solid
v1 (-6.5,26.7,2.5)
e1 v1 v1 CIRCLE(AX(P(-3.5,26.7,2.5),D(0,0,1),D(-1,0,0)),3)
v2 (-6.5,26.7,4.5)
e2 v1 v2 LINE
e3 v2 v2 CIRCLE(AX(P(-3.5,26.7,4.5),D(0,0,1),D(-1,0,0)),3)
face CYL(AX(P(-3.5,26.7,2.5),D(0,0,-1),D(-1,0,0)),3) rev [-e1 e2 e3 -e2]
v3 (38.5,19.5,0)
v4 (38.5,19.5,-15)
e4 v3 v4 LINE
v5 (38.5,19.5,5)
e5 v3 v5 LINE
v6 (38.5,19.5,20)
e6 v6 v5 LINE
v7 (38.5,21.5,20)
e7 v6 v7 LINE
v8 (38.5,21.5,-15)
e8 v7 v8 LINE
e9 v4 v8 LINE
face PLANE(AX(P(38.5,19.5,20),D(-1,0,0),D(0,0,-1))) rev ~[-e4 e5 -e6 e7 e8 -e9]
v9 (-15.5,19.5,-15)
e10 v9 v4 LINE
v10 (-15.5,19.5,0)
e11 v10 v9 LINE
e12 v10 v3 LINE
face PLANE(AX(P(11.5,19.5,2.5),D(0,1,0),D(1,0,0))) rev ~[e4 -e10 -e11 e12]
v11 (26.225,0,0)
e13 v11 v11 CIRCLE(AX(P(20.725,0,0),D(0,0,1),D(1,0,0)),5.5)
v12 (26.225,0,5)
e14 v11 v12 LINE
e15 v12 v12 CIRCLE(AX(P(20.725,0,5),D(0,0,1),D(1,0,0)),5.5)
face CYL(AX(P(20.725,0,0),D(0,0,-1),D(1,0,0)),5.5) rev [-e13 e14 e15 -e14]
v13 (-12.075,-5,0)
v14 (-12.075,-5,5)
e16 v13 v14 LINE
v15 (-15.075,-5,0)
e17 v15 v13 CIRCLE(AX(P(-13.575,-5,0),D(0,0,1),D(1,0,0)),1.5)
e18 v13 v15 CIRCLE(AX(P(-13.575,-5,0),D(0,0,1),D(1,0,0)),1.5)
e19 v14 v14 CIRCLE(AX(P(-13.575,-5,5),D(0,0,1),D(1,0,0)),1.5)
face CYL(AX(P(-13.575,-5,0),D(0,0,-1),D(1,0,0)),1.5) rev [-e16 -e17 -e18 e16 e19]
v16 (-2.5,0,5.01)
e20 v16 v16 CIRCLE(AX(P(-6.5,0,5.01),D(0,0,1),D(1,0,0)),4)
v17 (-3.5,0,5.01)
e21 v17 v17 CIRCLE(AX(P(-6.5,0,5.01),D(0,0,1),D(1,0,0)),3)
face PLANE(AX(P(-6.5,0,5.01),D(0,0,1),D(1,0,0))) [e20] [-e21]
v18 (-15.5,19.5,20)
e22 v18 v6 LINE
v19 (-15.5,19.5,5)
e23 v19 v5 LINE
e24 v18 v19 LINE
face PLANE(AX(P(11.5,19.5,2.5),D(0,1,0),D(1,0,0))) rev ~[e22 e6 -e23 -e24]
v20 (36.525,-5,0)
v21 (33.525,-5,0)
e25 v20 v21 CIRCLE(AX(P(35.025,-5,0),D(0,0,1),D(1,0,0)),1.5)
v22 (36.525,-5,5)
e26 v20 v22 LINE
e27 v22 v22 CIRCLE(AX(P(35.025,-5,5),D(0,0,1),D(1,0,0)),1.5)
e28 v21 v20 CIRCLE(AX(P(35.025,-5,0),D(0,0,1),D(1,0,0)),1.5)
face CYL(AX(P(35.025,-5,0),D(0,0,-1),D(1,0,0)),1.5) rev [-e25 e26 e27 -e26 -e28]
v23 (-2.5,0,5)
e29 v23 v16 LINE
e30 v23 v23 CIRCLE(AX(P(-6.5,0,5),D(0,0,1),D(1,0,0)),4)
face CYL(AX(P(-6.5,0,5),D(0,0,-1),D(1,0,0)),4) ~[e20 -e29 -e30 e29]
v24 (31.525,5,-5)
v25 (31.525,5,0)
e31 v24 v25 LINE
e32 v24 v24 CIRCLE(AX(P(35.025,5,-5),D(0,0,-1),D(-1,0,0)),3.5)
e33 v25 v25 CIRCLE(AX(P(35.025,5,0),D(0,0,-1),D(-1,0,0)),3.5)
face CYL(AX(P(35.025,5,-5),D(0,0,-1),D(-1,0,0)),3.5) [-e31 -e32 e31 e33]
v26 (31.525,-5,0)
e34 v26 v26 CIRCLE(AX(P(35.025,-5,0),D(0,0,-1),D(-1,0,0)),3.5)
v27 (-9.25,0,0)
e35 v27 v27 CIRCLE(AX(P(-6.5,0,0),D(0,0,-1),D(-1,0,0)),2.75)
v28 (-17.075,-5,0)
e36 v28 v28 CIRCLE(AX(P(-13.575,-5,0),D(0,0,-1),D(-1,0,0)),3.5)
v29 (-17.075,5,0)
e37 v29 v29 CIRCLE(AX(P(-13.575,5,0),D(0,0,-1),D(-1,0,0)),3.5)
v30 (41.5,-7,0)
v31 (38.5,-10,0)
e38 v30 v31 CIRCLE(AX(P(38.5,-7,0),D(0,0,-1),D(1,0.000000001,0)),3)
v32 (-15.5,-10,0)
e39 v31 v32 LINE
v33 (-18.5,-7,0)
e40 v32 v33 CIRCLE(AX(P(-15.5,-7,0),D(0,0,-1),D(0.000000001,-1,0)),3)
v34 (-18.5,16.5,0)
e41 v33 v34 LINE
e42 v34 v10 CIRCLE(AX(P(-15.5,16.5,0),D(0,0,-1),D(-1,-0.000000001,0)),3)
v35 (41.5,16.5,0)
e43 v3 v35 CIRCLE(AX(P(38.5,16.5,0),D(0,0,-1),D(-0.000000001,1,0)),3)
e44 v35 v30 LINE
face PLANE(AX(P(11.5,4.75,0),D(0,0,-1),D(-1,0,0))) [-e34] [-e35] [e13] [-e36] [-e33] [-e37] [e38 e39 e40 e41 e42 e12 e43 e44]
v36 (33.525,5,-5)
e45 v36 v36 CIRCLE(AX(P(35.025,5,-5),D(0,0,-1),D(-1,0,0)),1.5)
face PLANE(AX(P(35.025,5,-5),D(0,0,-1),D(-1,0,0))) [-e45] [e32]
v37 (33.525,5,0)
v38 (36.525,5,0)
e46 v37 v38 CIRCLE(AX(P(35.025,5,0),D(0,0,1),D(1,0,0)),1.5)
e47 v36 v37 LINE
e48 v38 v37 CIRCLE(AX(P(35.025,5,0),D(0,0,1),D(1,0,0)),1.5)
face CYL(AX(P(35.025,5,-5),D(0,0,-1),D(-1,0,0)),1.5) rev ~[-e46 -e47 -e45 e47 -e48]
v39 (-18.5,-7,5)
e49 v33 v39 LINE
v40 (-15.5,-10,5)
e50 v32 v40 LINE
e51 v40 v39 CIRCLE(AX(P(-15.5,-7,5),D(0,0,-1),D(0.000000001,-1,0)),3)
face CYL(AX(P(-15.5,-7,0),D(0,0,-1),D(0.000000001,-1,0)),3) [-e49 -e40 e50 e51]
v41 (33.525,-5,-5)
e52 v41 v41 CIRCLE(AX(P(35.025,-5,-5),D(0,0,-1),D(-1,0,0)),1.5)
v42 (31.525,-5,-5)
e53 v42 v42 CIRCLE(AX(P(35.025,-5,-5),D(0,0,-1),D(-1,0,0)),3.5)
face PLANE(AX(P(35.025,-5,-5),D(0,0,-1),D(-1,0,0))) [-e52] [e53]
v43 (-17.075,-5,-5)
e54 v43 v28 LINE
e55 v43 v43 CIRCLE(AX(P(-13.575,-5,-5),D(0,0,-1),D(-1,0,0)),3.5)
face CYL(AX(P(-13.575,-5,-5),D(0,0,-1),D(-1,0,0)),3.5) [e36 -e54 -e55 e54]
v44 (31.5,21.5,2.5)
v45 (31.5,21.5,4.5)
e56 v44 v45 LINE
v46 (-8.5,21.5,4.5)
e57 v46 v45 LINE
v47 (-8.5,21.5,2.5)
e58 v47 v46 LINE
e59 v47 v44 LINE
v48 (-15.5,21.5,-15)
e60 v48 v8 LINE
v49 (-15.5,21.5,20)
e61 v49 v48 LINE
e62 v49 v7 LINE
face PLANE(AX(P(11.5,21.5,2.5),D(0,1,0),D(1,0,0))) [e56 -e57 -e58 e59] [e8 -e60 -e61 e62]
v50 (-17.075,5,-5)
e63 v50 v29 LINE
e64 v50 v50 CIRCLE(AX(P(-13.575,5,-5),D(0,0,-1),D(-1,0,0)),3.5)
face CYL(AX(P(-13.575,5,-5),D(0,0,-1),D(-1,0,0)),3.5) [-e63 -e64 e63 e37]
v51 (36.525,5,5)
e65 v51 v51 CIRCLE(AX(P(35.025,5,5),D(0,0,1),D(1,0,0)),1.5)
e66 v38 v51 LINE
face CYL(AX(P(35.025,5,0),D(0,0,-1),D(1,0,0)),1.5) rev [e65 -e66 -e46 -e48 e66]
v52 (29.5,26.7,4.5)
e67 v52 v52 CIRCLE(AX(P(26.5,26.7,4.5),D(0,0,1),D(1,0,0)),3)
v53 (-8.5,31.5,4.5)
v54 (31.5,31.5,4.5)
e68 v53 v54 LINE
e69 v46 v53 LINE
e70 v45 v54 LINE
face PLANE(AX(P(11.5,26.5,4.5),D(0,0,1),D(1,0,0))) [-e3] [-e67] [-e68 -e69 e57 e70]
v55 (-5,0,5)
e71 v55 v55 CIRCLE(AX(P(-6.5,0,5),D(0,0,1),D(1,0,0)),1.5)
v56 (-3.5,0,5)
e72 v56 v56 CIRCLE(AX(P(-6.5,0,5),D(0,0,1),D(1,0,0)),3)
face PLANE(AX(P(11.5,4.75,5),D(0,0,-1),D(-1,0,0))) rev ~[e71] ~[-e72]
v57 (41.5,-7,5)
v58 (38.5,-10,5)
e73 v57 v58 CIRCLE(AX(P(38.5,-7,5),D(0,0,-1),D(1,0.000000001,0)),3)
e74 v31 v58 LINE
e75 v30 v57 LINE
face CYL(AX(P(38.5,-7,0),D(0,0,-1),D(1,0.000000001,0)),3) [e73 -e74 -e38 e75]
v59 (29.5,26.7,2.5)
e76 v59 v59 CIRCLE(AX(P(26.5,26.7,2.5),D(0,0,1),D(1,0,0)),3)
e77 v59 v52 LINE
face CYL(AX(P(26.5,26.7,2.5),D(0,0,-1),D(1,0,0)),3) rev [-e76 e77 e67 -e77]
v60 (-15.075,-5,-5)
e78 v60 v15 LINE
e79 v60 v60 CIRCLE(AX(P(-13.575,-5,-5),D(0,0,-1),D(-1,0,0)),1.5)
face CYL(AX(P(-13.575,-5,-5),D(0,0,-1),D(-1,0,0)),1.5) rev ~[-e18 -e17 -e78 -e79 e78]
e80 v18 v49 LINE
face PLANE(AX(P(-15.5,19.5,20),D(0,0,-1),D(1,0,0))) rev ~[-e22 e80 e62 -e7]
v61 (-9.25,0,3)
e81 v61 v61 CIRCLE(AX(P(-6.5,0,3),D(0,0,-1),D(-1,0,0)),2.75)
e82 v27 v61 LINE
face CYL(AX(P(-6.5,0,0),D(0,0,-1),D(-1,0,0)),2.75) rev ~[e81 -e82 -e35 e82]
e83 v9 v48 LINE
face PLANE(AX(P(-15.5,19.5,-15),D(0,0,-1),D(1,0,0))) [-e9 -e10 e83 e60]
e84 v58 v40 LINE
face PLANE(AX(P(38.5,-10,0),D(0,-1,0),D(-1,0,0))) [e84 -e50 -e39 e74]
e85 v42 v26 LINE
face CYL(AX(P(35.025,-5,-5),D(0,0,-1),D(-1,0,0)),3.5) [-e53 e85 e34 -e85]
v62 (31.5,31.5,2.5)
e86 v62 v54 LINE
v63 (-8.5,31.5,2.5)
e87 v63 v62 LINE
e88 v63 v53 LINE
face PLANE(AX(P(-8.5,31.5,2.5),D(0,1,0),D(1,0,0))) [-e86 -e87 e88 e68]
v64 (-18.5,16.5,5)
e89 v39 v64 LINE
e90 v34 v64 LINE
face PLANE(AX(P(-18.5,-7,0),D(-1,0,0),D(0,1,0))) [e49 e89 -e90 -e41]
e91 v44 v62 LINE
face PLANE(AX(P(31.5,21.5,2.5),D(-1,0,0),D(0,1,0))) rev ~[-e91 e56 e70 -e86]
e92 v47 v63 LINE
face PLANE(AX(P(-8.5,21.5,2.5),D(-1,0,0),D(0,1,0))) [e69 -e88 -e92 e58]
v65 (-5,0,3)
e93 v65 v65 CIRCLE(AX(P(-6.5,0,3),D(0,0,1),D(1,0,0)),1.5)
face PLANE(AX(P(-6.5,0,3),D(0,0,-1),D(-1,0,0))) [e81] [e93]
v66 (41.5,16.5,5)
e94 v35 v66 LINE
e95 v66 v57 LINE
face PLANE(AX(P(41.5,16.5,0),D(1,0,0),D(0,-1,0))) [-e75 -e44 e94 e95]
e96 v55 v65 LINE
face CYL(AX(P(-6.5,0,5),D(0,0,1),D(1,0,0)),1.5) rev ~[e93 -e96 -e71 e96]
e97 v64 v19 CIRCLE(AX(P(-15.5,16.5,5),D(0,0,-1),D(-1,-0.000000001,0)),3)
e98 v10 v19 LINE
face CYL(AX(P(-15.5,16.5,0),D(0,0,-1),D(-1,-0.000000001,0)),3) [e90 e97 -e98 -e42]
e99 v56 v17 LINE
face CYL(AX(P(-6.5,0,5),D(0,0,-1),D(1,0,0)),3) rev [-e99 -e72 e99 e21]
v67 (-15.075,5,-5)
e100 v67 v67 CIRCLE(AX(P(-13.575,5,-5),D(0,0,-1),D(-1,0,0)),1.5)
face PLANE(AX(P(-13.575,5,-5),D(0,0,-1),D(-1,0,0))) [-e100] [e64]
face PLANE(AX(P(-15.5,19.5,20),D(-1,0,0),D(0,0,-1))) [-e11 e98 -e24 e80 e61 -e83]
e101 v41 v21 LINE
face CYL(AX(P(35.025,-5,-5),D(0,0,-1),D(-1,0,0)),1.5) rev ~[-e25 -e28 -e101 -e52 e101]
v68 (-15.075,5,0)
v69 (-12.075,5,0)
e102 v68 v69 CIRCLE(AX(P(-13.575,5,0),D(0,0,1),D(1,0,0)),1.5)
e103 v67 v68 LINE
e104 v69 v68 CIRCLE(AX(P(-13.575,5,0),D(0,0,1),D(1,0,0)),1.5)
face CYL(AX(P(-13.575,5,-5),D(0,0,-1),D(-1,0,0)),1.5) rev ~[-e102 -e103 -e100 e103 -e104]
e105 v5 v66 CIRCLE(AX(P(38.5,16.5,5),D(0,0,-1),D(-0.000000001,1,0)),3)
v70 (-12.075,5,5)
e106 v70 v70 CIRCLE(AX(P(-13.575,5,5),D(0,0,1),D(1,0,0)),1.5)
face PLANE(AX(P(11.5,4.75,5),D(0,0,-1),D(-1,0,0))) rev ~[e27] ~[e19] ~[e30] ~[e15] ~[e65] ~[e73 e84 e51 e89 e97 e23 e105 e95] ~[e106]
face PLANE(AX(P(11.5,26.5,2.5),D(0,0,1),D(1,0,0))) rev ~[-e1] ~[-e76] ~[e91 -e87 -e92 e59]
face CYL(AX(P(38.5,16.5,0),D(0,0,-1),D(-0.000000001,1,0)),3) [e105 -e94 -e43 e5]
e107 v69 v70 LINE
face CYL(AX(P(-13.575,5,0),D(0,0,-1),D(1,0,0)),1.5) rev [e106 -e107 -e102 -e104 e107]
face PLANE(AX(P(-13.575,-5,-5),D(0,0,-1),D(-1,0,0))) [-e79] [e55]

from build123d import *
from build123d.topology import SkipClean

# Parameters (mm, degrees)
SKETCH_1_R          = 1.5
SKETCH_1_R_2        = 5.5
EXTRUDE_1_DEPTH     = 5
SKETCH_3_R          = 4
SKETCH_3_R_2        = 3
EXTRUDE_1_2_DEPTH   = 0.01
SKETCH_7_W          = 54
SKETCH_7_H          = 35
EXTRUDE_2_DEPTH     = 2
EXTRUDE_START       = 5
SKETCH_8_R          = 3.5
SKETCH_8_R_2        = 1.5
EXTRUDE_2_2_DEPTH   = 5
SKETCH_10_W         = 40
SKETCH_10_H         = 10
SKETCH_10_R         = 3
EXTRUDE_3_DEPTH     = 2
SKETCH_11_R         = 1.5
CUT_EXTRUDE_1_DEPTH = 10
SKETCH_12_R         = 2.75
CUT_EXTRUDE_2_DEPTH = 3


with BuildPart() as part:
    # 草图1 → Extrude 1 (new body)
    with BuildSketch(Plane.XY):
        with BuildLine():
            Line((-15.5, 19.5), (38.5, 19.5))
            ThreePointArc((38.5, 19.5), (40.621320344, 18.621320344), (41.5, 16.5))
            Line((41.5, 16.5), (41.5, -7))
            ThreePointArc((41.5, -7), (40.621320344, -9.121320344), (38.5, -10))
            Line((38.5, -10), (33.3, -10))
            Line((33.3, -10), (30.825, -10))
            Line((30.825, -10), (-9.175, -10))
            Line((-9.175, -10), (-15.5, -10))
            ThreePointArc((-15.5, -10), (-17.621320344, -9.121320344), (-18.5, -7))
            Line((-18.5, -7), (-18.5, 16.5))
            ThreePointArc((-18.5, 16.5), (-17.621320344, 18.621320344), (-15.5, 19.5))
        make_face()
        with Locations((-13.575, 5)):
            Circle(SKETCH_1_R, mode=Mode.SUBTRACT)
        with Locations((-13.575, -5)):
            Circle(SKETCH_1_R, mode=Mode.SUBTRACT)
        with Locations((35.025, 5)):
            Circle(SKETCH_1_R, mode=Mode.SUBTRACT)
        with Locations((35.025, -5)):
            Circle(SKETCH_1_R, mode=Mode.SUBTRACT)
        with Locations((20.725, 0)):
            Circle(SKETCH_1_R_2, mode=Mode.SUBTRACT)
    extrude(amount=EXTRUDE_1_DEPTH)

    # 草图3 → Extrude 1 2 (add)
    with BuildSketch(Plane.XY.offset(5)):
        with Locations((-6.5, 0)):
            Circle(SKETCH_3_R)
        with Locations((-6.5, 0)):
            Circle(SKETCH_3_R_2, mode=Mode.SUBTRACT)
    extrude(amount=EXTRUDE_1_2_DEPTH)

    # 草图7 → Extrude 2 (add)
    with BuildSketch(Plane(origin=(0, 19.5, 0), x_dir=(1, 0, 0), z_dir=(0, 1, 0))):
        with Locations((11.5, -2.5)):
            Rectangle(SKETCH_7_W, SKETCH_7_H)
    extrude(amount=EXTRUDE_2_DEPTH)

    # 草图8 → Extrude 2 2 (add)
    # profile 1 of 4: a face of its own
    with SkipClean():  # the faces are left unmerged after this step: merging them gives an invalid solid
        with BuildSketch(Plane(origin=(0, 0, 0), x_dir=(-1, 0, 0), z_dir=(0, 0, -1)).offset(EXTRUDE_START)):
            with Locations((-35.025, 5)):
                Circle(SKETCH_8_R)
            with Locations((-35.025, 5)):
                Circle(SKETCH_8_R_2, mode=Mode.SUBTRACT)
        # profile 2 of 4: a face of its own
        with BuildSketch(Plane(origin=(0, 0, 0), x_dir=(-1, 0, 0), z_dir=(0, 0, -1)).offset(EXTRUDE_START)):
            with Locations((-35.025, -5)):
                Circle(SKETCH_8_R)
            with Locations((-35.025, -5)):
                Circle(SKETCH_8_R_2, mode=Mode.SUBTRACT)
        # profile 3 of 4: a face of its own
        with BuildSketch(Plane(origin=(0, 0, 0), x_dir=(-1, 0, 0), z_dir=(0, 0, -1)).offset(EXTRUDE_START)):
            with Locations((13.575, 5)):
                Circle(SKETCH_8_R)
            with Locations((13.575, 5)):
                Circle(SKETCH_8_R_2, mode=Mode.SUBTRACT)
        # profile 4 of 4: a face of its own
        with BuildSketch(Plane(origin=(0, 0, 0), x_dir=(-1, 0, 0), z_dir=(0, 0, -1)).offset(EXTRUDE_START)):
            with Locations((13.575, -5)):
                Circle(SKETCH_8_R)
            with Locations((13.575, -5)):
                Circle(SKETCH_8_R_2, mode=Mode.SUBTRACT)
        extrude(amount=-EXTRUDE_2_2_DEPTH)

    # 草图10 → 凸台-拉伸3 (add)
    with SkipClean():  # the faces are left unmerged after this step: merging them gives an invalid solid
        with BuildSketch(Plane.XY.offset(2.5)):
            with Locations((11.5, 26.5)):
                Rectangle(SKETCH_10_W, SKETCH_10_H)
            with Locations((26.5, 26.7)):
                Circle(SKETCH_10_R, mode=Mode.SUBTRACT)
            with Locations(Location((-3.5, 26.7, 0), (0, 0, 180))):
                Circle(SKETCH_10_R, mode=Mode.SUBTRACT)
        extrude(amount=EXTRUDE_3_DEPTH)

    # 草图11 → 切除-拉伸1 (cut)
    with SkipClean():  # the faces are left unmerged after this step: merging them gives an invalid solid
        with BuildSketch(Plane.XY.offset(5)):
            with Locations((-6.5, 0)):
                Circle(SKETCH_11_R)
        extrude(amount=-CUT_EXTRUDE_1_DEPTH, mode=Mode.SUBTRACT)

    # 草图12 → 切除-拉伸2 (cut)
    with SkipClean():  # the faces are left unmerged after this step: merging them gives an invalid solid
        with BuildSketch(Plane(origin=(0, 0, 0), x_dir=(-1, 0, 0), z_dir=(0, 0, -1))):
            with Locations((6.5, 0)):
                Circle(SKETCH_12_R)
        extrude(amount=-CUT_EXTRUDE_2_DEPTH, mode=Mode.SUBTRACT)


solid = part.part
